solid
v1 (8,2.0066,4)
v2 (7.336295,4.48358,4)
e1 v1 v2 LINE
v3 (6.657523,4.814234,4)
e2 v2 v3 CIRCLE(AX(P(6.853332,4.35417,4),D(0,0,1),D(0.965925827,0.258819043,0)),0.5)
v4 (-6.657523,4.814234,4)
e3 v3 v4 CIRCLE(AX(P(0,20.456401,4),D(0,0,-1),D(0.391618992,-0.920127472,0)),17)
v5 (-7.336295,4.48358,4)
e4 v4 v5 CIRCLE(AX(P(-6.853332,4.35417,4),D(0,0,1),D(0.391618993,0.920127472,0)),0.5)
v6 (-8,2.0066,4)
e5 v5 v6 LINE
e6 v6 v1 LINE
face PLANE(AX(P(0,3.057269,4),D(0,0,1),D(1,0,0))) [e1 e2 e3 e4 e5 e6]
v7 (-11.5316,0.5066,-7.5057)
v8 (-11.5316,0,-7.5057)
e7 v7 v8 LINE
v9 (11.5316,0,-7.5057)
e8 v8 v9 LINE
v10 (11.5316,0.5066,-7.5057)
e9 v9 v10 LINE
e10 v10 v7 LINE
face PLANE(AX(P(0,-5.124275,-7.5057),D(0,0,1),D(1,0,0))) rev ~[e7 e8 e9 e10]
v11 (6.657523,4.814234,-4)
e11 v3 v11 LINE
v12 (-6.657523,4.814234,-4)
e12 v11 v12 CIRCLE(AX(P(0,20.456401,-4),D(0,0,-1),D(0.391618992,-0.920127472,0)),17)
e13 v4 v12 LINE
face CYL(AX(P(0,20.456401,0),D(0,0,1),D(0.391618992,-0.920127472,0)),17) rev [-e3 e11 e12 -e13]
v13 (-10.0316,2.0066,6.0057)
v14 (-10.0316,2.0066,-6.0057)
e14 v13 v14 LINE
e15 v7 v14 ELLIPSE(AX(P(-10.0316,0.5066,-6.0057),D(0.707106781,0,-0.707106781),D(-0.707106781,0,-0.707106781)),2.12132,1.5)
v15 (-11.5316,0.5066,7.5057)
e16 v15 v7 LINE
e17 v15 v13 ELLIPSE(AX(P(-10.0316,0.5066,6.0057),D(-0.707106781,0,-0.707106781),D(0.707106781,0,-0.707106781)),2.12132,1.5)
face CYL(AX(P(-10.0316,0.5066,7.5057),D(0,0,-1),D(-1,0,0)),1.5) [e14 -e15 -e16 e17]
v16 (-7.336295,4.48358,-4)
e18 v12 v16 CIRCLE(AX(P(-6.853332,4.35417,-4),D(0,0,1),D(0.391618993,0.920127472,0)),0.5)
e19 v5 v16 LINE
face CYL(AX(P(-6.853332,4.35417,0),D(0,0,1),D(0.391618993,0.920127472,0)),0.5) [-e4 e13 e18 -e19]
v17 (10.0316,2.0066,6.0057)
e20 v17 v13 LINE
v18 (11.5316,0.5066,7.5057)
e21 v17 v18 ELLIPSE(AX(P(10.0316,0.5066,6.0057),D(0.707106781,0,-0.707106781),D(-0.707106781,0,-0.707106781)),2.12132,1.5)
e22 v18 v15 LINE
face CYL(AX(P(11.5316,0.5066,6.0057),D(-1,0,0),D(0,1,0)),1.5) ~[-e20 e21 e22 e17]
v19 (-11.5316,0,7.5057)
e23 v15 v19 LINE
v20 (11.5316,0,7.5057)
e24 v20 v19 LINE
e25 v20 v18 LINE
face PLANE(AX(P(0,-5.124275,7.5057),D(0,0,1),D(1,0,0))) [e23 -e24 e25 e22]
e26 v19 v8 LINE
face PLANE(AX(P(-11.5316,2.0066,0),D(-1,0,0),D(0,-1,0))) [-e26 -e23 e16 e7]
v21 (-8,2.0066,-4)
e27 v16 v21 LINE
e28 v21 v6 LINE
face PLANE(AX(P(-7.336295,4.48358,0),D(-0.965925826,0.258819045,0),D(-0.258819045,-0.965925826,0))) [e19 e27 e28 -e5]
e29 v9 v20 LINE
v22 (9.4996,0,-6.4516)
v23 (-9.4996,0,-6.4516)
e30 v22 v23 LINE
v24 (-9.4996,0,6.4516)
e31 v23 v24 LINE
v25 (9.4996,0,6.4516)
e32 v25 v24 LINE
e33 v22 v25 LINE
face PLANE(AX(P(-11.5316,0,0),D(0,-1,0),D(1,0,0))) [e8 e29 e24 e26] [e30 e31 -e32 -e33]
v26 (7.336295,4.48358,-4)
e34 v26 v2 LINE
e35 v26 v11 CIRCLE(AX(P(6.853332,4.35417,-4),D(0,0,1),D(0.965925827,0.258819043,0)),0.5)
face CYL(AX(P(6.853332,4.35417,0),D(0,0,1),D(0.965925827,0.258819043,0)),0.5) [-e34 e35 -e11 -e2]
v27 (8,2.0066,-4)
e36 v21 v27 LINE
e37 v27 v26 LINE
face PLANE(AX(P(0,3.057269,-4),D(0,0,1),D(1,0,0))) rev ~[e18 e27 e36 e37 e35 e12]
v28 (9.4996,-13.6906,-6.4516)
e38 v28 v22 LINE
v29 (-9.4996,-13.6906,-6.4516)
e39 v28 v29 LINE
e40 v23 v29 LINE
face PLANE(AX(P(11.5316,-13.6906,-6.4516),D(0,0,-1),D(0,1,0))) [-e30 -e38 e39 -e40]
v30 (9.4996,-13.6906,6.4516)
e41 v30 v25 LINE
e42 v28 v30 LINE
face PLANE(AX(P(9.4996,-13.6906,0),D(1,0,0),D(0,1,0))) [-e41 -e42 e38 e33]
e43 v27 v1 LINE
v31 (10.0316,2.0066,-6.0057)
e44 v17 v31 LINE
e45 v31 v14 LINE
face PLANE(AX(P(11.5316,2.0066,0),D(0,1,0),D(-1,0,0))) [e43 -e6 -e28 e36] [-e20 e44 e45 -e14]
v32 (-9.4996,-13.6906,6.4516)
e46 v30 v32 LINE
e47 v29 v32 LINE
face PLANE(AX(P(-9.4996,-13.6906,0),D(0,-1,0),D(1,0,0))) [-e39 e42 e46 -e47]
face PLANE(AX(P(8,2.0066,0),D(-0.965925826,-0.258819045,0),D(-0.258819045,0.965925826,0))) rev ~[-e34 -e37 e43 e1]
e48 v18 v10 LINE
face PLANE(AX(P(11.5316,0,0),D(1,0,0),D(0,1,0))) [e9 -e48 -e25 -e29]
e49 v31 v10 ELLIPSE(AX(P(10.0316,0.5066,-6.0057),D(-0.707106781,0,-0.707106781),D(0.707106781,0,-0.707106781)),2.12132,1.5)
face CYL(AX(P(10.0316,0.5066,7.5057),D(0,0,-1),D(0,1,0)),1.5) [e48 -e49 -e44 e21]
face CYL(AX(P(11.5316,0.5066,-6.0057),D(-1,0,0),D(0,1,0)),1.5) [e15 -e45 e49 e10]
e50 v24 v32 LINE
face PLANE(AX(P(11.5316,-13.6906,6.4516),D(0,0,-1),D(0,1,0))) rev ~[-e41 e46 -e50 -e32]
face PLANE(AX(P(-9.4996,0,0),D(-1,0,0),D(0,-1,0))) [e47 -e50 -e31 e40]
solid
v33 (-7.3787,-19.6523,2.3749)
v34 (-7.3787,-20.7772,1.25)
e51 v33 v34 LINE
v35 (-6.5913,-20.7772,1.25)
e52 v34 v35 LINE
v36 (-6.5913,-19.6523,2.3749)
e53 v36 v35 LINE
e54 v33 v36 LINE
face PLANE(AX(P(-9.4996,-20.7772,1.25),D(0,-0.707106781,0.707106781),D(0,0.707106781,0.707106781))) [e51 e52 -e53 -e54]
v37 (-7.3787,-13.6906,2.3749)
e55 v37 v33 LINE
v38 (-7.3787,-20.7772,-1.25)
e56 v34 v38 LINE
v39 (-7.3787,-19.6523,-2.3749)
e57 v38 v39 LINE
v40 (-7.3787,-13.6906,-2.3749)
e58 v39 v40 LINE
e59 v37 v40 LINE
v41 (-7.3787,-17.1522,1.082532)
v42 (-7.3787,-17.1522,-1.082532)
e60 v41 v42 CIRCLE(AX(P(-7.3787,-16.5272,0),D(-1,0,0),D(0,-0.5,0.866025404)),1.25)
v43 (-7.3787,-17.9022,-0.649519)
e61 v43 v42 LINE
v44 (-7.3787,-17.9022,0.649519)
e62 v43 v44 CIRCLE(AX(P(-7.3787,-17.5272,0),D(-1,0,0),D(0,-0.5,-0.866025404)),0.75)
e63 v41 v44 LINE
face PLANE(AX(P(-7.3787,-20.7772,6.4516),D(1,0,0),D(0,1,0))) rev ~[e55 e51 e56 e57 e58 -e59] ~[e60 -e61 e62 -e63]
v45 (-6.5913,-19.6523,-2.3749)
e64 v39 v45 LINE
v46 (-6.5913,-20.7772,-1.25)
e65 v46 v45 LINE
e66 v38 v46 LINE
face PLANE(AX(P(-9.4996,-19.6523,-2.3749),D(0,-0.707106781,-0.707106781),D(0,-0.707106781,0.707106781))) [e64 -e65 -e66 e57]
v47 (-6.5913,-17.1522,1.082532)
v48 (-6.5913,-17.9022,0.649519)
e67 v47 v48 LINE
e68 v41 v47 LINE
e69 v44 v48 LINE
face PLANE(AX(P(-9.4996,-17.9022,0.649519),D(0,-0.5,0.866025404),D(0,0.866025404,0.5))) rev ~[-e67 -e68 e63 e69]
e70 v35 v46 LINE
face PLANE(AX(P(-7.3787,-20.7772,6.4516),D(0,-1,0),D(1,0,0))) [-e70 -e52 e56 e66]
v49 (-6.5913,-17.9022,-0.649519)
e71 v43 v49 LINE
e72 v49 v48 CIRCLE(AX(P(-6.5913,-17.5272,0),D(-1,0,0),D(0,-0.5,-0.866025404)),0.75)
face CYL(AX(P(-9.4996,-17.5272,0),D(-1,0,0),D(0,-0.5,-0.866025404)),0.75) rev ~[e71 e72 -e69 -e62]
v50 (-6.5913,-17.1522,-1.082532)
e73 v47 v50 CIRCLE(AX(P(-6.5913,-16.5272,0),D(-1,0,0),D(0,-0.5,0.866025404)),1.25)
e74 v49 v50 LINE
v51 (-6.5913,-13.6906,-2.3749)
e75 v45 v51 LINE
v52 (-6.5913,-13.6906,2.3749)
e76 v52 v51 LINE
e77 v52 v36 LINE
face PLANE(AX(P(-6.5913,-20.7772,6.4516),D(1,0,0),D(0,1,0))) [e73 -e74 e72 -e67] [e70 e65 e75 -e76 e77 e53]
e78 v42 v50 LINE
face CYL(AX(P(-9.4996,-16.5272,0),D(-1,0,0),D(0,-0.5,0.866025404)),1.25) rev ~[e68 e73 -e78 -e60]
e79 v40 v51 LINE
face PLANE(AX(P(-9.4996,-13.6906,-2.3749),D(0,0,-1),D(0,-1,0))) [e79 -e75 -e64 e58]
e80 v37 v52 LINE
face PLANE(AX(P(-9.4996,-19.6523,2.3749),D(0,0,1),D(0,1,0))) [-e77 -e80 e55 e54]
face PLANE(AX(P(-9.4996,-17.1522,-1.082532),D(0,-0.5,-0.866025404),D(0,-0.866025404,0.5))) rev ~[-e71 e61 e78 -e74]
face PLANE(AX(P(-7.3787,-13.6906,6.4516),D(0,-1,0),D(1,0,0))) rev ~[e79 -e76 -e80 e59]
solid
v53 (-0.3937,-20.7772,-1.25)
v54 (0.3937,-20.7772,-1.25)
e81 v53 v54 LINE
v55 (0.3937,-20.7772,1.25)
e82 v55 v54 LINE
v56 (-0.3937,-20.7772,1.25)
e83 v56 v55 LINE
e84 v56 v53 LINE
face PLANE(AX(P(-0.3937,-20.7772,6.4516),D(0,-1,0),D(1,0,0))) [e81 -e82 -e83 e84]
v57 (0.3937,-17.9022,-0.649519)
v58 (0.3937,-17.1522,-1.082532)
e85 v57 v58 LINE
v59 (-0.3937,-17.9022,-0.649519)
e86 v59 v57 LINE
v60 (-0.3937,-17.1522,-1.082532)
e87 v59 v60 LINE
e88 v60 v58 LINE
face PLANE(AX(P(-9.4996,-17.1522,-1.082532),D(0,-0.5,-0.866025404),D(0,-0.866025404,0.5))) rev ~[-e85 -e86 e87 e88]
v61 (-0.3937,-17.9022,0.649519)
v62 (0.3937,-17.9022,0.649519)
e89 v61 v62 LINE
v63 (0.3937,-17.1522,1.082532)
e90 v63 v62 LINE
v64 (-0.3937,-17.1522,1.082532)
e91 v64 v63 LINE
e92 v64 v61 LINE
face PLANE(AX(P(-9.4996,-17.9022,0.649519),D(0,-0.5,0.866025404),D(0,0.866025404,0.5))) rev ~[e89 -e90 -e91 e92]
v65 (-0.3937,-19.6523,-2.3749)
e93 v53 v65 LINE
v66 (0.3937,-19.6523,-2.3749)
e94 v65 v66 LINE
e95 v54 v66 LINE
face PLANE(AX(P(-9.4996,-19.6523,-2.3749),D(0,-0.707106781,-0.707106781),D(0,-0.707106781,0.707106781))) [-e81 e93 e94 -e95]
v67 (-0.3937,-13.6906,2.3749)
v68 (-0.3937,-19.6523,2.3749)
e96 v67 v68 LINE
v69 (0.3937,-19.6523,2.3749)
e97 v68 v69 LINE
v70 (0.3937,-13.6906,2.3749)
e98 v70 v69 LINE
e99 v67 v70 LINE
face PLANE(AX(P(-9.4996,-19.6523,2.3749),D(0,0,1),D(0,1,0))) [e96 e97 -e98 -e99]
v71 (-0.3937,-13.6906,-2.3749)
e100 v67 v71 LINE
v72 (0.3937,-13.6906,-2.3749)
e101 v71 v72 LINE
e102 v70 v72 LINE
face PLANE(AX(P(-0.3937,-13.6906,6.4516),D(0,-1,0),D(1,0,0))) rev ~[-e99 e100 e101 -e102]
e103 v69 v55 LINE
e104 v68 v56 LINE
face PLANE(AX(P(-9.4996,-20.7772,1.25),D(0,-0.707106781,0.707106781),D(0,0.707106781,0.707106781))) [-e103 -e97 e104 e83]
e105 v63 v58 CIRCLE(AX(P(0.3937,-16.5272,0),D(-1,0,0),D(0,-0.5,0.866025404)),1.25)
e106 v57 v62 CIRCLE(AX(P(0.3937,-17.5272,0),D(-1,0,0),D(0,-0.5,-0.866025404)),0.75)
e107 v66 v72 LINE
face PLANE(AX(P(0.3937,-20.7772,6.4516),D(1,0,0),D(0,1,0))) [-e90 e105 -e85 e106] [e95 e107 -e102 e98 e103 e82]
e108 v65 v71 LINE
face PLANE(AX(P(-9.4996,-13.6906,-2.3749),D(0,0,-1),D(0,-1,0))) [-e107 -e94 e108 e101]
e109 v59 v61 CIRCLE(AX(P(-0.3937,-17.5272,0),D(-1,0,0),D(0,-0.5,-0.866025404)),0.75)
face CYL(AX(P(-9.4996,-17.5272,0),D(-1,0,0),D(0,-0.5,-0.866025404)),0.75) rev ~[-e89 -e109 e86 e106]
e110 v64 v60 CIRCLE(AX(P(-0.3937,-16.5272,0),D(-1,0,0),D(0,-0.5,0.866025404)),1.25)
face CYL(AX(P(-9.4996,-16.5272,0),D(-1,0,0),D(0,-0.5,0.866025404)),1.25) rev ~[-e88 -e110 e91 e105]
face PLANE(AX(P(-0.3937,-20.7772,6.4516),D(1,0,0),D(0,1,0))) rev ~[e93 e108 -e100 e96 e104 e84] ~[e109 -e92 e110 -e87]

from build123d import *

# Parameters (mm, degrees)
BODY_DEPTH          = 7.5057
SKETCH2_W           = 1.0541
SKETCH2_H           = 13.6906
NARROW_DEPTH        = 24.0632
PANEL_FILLET_R      = 1.5
SKETCH4_W           = 0.7874
SKETCH4_H           = 7.0866
TERMINALS_DEPTH     = 12.9032
TERMINALS_2_DEPTH   = 12.9032
SKETCH5_OUTSIDE_W   = 24.158
SKETCH5_OUTSIDE_H   = 31.93
TERMINAL_TRIM_DEPTH = 22.0312
TOGGLE_DEPTH        = 4
TOGGLE_DEPTH_BACK   = 4


with BuildPart() as part:
    # Sketch1 → body (new body, symmetric)
    with BuildSketch(Plane.XY):
        Polygon((-11.5316, 0), (-9.4996, 0), (-9.4996, -13.6906), (9.4996, -13.6906), (9.4996, 0), (11.5316, 0), (11.5316, 2.0066), (-11.5316, 2.0066), align=None)
    extrude(amount=BODY_DEPTH, both=True)

    # Sketch2 → narrow (cut, through all)
    with BuildSketch(Plane(origin=(11.5316, 0, 0), x_dir=(0, 0, -1), z_dir=(1, 0, 0))):
        with Locations((-6.97865, -6.8453)):
            Rectangle(SKETCH2_W, SKETCH2_H)
        with Locations((6.97865, -6.8453)):
            Rectangle(SKETCH2_W, SKETCH2_H)
    extrude(amount=-NARROW_DEPTH, mode=Mode.SUBTRACT)

    # panel_fillet
    panel_fillet_edges = [part.edges().sort_by_distance(p)[0] for p in [
        (-11.5316, 2.0066, 0),
        (11.5316, 2.0066, 0),
        (0, 2.0066, 7.5057),
        (0, 2.0066, -7.5057),
    ]]
    fillet(panel_fillet_edges, radius=PANEL_FILLET_R)

    # Sketch6 → toggle (add, two sides)
    with BuildSketch(Plane.XY) as toggle_sk:
        with BuildLine():
            Line((-7.336295271, 4.48357977), (-8, 2.0066))
            Line((-8, 2.0066), (8, 2.0066))
            Line((8, 2.0066), (7.336295271, 4.48357977))
            ThreePointArc((7.336295271, 4.48357977), (7.072301131, 4.803672947), (6.657522862, 4.814233984))
            ThreePointArc((6.657522862, 4.814233984), (0, 3.456401012), (-6.657522862, 4.814233984))
            ThreePointArc((-6.657522862, 4.814233984), (-7.072301131, 4.803672947), (-7.336295271, 4.48357977))
        make_face()
    extrude(amount=TOGGLE_DEPTH)
    extrude(toggle_sk.sketch, amount=-TOGGLE_DEPTH_BACK)


with BuildPart() as body_2:
    # Sketch4 → terminals (new body)
    with BuildSketch(Plane.XY.offset(6.4516)):
        with Locations((-6.985, -17.2339)):
            Rectangle(SKETCH4_W, SKETCH4_H)
    extrude(amount=-TERMINALS_DEPTH)


with BuildPart() as body_3:
    # Sketch4 → terminals 2 (new body)
    with BuildSketch(Plane.XY.offset(6.4516)):
        with Locations((0, -17.2339)):
            Rectangle(SKETCH4_W, SKETCH4_H)
    extrude(amount=-TERMINALS_2_DEPTH)


with BuildPart() as terminal_trim_tool:
    # Sketch5 outside → terminal_trim (new body, through all)
    with BuildSketch(Plane.ZY.offset(9.4996)):
        with Locations((0, -9.385)):
            Rectangle(SKETCH5_OUTSIDE_W, SKETCH5_OUTSIDE_H)
        Polygon((-2.3749, -19.6523), (-1.25, -20.7772), (1.25, -20.7772), (2.3749, -19.6523), (2.3749, -13.6906), (-2.3749, -13.6906), align=None, mode=Mode.SUBTRACT)
        with BuildLine():
            Line((-1.082531755, -17.1522), (-0.649519053, -17.9022))
            ThreePointArc((-0.649519053, -17.9022), (0, -18.2772), (0.649519053, -17.9022))
            Line((0.649519053, -17.9022), (1.082531755, -17.1522))
            ThreePointArc((1.082531755, -17.1522), (0, -15.2772), (-1.082531755, -17.1522))
        make_face()
    extrude(amount=-TERMINAL_TRIM_DEPTH)


with BuildPart() as body_3_1:
    add(body_3.part)

    # terminal_trim: cut by terminal_trim_tool
    add(terminal_trim_tool.part, mode=Mode.SUBTRACT)


with BuildPart() as body_2_1:
    add(body_2.part)

    # terminal_trim: cut by terminal_trim_tool
    add(terminal_trim_tool.part, mode=Mode.SUBTRACT)


solid = Compound([part.part, body_3_1.part, body_2_1.part])
